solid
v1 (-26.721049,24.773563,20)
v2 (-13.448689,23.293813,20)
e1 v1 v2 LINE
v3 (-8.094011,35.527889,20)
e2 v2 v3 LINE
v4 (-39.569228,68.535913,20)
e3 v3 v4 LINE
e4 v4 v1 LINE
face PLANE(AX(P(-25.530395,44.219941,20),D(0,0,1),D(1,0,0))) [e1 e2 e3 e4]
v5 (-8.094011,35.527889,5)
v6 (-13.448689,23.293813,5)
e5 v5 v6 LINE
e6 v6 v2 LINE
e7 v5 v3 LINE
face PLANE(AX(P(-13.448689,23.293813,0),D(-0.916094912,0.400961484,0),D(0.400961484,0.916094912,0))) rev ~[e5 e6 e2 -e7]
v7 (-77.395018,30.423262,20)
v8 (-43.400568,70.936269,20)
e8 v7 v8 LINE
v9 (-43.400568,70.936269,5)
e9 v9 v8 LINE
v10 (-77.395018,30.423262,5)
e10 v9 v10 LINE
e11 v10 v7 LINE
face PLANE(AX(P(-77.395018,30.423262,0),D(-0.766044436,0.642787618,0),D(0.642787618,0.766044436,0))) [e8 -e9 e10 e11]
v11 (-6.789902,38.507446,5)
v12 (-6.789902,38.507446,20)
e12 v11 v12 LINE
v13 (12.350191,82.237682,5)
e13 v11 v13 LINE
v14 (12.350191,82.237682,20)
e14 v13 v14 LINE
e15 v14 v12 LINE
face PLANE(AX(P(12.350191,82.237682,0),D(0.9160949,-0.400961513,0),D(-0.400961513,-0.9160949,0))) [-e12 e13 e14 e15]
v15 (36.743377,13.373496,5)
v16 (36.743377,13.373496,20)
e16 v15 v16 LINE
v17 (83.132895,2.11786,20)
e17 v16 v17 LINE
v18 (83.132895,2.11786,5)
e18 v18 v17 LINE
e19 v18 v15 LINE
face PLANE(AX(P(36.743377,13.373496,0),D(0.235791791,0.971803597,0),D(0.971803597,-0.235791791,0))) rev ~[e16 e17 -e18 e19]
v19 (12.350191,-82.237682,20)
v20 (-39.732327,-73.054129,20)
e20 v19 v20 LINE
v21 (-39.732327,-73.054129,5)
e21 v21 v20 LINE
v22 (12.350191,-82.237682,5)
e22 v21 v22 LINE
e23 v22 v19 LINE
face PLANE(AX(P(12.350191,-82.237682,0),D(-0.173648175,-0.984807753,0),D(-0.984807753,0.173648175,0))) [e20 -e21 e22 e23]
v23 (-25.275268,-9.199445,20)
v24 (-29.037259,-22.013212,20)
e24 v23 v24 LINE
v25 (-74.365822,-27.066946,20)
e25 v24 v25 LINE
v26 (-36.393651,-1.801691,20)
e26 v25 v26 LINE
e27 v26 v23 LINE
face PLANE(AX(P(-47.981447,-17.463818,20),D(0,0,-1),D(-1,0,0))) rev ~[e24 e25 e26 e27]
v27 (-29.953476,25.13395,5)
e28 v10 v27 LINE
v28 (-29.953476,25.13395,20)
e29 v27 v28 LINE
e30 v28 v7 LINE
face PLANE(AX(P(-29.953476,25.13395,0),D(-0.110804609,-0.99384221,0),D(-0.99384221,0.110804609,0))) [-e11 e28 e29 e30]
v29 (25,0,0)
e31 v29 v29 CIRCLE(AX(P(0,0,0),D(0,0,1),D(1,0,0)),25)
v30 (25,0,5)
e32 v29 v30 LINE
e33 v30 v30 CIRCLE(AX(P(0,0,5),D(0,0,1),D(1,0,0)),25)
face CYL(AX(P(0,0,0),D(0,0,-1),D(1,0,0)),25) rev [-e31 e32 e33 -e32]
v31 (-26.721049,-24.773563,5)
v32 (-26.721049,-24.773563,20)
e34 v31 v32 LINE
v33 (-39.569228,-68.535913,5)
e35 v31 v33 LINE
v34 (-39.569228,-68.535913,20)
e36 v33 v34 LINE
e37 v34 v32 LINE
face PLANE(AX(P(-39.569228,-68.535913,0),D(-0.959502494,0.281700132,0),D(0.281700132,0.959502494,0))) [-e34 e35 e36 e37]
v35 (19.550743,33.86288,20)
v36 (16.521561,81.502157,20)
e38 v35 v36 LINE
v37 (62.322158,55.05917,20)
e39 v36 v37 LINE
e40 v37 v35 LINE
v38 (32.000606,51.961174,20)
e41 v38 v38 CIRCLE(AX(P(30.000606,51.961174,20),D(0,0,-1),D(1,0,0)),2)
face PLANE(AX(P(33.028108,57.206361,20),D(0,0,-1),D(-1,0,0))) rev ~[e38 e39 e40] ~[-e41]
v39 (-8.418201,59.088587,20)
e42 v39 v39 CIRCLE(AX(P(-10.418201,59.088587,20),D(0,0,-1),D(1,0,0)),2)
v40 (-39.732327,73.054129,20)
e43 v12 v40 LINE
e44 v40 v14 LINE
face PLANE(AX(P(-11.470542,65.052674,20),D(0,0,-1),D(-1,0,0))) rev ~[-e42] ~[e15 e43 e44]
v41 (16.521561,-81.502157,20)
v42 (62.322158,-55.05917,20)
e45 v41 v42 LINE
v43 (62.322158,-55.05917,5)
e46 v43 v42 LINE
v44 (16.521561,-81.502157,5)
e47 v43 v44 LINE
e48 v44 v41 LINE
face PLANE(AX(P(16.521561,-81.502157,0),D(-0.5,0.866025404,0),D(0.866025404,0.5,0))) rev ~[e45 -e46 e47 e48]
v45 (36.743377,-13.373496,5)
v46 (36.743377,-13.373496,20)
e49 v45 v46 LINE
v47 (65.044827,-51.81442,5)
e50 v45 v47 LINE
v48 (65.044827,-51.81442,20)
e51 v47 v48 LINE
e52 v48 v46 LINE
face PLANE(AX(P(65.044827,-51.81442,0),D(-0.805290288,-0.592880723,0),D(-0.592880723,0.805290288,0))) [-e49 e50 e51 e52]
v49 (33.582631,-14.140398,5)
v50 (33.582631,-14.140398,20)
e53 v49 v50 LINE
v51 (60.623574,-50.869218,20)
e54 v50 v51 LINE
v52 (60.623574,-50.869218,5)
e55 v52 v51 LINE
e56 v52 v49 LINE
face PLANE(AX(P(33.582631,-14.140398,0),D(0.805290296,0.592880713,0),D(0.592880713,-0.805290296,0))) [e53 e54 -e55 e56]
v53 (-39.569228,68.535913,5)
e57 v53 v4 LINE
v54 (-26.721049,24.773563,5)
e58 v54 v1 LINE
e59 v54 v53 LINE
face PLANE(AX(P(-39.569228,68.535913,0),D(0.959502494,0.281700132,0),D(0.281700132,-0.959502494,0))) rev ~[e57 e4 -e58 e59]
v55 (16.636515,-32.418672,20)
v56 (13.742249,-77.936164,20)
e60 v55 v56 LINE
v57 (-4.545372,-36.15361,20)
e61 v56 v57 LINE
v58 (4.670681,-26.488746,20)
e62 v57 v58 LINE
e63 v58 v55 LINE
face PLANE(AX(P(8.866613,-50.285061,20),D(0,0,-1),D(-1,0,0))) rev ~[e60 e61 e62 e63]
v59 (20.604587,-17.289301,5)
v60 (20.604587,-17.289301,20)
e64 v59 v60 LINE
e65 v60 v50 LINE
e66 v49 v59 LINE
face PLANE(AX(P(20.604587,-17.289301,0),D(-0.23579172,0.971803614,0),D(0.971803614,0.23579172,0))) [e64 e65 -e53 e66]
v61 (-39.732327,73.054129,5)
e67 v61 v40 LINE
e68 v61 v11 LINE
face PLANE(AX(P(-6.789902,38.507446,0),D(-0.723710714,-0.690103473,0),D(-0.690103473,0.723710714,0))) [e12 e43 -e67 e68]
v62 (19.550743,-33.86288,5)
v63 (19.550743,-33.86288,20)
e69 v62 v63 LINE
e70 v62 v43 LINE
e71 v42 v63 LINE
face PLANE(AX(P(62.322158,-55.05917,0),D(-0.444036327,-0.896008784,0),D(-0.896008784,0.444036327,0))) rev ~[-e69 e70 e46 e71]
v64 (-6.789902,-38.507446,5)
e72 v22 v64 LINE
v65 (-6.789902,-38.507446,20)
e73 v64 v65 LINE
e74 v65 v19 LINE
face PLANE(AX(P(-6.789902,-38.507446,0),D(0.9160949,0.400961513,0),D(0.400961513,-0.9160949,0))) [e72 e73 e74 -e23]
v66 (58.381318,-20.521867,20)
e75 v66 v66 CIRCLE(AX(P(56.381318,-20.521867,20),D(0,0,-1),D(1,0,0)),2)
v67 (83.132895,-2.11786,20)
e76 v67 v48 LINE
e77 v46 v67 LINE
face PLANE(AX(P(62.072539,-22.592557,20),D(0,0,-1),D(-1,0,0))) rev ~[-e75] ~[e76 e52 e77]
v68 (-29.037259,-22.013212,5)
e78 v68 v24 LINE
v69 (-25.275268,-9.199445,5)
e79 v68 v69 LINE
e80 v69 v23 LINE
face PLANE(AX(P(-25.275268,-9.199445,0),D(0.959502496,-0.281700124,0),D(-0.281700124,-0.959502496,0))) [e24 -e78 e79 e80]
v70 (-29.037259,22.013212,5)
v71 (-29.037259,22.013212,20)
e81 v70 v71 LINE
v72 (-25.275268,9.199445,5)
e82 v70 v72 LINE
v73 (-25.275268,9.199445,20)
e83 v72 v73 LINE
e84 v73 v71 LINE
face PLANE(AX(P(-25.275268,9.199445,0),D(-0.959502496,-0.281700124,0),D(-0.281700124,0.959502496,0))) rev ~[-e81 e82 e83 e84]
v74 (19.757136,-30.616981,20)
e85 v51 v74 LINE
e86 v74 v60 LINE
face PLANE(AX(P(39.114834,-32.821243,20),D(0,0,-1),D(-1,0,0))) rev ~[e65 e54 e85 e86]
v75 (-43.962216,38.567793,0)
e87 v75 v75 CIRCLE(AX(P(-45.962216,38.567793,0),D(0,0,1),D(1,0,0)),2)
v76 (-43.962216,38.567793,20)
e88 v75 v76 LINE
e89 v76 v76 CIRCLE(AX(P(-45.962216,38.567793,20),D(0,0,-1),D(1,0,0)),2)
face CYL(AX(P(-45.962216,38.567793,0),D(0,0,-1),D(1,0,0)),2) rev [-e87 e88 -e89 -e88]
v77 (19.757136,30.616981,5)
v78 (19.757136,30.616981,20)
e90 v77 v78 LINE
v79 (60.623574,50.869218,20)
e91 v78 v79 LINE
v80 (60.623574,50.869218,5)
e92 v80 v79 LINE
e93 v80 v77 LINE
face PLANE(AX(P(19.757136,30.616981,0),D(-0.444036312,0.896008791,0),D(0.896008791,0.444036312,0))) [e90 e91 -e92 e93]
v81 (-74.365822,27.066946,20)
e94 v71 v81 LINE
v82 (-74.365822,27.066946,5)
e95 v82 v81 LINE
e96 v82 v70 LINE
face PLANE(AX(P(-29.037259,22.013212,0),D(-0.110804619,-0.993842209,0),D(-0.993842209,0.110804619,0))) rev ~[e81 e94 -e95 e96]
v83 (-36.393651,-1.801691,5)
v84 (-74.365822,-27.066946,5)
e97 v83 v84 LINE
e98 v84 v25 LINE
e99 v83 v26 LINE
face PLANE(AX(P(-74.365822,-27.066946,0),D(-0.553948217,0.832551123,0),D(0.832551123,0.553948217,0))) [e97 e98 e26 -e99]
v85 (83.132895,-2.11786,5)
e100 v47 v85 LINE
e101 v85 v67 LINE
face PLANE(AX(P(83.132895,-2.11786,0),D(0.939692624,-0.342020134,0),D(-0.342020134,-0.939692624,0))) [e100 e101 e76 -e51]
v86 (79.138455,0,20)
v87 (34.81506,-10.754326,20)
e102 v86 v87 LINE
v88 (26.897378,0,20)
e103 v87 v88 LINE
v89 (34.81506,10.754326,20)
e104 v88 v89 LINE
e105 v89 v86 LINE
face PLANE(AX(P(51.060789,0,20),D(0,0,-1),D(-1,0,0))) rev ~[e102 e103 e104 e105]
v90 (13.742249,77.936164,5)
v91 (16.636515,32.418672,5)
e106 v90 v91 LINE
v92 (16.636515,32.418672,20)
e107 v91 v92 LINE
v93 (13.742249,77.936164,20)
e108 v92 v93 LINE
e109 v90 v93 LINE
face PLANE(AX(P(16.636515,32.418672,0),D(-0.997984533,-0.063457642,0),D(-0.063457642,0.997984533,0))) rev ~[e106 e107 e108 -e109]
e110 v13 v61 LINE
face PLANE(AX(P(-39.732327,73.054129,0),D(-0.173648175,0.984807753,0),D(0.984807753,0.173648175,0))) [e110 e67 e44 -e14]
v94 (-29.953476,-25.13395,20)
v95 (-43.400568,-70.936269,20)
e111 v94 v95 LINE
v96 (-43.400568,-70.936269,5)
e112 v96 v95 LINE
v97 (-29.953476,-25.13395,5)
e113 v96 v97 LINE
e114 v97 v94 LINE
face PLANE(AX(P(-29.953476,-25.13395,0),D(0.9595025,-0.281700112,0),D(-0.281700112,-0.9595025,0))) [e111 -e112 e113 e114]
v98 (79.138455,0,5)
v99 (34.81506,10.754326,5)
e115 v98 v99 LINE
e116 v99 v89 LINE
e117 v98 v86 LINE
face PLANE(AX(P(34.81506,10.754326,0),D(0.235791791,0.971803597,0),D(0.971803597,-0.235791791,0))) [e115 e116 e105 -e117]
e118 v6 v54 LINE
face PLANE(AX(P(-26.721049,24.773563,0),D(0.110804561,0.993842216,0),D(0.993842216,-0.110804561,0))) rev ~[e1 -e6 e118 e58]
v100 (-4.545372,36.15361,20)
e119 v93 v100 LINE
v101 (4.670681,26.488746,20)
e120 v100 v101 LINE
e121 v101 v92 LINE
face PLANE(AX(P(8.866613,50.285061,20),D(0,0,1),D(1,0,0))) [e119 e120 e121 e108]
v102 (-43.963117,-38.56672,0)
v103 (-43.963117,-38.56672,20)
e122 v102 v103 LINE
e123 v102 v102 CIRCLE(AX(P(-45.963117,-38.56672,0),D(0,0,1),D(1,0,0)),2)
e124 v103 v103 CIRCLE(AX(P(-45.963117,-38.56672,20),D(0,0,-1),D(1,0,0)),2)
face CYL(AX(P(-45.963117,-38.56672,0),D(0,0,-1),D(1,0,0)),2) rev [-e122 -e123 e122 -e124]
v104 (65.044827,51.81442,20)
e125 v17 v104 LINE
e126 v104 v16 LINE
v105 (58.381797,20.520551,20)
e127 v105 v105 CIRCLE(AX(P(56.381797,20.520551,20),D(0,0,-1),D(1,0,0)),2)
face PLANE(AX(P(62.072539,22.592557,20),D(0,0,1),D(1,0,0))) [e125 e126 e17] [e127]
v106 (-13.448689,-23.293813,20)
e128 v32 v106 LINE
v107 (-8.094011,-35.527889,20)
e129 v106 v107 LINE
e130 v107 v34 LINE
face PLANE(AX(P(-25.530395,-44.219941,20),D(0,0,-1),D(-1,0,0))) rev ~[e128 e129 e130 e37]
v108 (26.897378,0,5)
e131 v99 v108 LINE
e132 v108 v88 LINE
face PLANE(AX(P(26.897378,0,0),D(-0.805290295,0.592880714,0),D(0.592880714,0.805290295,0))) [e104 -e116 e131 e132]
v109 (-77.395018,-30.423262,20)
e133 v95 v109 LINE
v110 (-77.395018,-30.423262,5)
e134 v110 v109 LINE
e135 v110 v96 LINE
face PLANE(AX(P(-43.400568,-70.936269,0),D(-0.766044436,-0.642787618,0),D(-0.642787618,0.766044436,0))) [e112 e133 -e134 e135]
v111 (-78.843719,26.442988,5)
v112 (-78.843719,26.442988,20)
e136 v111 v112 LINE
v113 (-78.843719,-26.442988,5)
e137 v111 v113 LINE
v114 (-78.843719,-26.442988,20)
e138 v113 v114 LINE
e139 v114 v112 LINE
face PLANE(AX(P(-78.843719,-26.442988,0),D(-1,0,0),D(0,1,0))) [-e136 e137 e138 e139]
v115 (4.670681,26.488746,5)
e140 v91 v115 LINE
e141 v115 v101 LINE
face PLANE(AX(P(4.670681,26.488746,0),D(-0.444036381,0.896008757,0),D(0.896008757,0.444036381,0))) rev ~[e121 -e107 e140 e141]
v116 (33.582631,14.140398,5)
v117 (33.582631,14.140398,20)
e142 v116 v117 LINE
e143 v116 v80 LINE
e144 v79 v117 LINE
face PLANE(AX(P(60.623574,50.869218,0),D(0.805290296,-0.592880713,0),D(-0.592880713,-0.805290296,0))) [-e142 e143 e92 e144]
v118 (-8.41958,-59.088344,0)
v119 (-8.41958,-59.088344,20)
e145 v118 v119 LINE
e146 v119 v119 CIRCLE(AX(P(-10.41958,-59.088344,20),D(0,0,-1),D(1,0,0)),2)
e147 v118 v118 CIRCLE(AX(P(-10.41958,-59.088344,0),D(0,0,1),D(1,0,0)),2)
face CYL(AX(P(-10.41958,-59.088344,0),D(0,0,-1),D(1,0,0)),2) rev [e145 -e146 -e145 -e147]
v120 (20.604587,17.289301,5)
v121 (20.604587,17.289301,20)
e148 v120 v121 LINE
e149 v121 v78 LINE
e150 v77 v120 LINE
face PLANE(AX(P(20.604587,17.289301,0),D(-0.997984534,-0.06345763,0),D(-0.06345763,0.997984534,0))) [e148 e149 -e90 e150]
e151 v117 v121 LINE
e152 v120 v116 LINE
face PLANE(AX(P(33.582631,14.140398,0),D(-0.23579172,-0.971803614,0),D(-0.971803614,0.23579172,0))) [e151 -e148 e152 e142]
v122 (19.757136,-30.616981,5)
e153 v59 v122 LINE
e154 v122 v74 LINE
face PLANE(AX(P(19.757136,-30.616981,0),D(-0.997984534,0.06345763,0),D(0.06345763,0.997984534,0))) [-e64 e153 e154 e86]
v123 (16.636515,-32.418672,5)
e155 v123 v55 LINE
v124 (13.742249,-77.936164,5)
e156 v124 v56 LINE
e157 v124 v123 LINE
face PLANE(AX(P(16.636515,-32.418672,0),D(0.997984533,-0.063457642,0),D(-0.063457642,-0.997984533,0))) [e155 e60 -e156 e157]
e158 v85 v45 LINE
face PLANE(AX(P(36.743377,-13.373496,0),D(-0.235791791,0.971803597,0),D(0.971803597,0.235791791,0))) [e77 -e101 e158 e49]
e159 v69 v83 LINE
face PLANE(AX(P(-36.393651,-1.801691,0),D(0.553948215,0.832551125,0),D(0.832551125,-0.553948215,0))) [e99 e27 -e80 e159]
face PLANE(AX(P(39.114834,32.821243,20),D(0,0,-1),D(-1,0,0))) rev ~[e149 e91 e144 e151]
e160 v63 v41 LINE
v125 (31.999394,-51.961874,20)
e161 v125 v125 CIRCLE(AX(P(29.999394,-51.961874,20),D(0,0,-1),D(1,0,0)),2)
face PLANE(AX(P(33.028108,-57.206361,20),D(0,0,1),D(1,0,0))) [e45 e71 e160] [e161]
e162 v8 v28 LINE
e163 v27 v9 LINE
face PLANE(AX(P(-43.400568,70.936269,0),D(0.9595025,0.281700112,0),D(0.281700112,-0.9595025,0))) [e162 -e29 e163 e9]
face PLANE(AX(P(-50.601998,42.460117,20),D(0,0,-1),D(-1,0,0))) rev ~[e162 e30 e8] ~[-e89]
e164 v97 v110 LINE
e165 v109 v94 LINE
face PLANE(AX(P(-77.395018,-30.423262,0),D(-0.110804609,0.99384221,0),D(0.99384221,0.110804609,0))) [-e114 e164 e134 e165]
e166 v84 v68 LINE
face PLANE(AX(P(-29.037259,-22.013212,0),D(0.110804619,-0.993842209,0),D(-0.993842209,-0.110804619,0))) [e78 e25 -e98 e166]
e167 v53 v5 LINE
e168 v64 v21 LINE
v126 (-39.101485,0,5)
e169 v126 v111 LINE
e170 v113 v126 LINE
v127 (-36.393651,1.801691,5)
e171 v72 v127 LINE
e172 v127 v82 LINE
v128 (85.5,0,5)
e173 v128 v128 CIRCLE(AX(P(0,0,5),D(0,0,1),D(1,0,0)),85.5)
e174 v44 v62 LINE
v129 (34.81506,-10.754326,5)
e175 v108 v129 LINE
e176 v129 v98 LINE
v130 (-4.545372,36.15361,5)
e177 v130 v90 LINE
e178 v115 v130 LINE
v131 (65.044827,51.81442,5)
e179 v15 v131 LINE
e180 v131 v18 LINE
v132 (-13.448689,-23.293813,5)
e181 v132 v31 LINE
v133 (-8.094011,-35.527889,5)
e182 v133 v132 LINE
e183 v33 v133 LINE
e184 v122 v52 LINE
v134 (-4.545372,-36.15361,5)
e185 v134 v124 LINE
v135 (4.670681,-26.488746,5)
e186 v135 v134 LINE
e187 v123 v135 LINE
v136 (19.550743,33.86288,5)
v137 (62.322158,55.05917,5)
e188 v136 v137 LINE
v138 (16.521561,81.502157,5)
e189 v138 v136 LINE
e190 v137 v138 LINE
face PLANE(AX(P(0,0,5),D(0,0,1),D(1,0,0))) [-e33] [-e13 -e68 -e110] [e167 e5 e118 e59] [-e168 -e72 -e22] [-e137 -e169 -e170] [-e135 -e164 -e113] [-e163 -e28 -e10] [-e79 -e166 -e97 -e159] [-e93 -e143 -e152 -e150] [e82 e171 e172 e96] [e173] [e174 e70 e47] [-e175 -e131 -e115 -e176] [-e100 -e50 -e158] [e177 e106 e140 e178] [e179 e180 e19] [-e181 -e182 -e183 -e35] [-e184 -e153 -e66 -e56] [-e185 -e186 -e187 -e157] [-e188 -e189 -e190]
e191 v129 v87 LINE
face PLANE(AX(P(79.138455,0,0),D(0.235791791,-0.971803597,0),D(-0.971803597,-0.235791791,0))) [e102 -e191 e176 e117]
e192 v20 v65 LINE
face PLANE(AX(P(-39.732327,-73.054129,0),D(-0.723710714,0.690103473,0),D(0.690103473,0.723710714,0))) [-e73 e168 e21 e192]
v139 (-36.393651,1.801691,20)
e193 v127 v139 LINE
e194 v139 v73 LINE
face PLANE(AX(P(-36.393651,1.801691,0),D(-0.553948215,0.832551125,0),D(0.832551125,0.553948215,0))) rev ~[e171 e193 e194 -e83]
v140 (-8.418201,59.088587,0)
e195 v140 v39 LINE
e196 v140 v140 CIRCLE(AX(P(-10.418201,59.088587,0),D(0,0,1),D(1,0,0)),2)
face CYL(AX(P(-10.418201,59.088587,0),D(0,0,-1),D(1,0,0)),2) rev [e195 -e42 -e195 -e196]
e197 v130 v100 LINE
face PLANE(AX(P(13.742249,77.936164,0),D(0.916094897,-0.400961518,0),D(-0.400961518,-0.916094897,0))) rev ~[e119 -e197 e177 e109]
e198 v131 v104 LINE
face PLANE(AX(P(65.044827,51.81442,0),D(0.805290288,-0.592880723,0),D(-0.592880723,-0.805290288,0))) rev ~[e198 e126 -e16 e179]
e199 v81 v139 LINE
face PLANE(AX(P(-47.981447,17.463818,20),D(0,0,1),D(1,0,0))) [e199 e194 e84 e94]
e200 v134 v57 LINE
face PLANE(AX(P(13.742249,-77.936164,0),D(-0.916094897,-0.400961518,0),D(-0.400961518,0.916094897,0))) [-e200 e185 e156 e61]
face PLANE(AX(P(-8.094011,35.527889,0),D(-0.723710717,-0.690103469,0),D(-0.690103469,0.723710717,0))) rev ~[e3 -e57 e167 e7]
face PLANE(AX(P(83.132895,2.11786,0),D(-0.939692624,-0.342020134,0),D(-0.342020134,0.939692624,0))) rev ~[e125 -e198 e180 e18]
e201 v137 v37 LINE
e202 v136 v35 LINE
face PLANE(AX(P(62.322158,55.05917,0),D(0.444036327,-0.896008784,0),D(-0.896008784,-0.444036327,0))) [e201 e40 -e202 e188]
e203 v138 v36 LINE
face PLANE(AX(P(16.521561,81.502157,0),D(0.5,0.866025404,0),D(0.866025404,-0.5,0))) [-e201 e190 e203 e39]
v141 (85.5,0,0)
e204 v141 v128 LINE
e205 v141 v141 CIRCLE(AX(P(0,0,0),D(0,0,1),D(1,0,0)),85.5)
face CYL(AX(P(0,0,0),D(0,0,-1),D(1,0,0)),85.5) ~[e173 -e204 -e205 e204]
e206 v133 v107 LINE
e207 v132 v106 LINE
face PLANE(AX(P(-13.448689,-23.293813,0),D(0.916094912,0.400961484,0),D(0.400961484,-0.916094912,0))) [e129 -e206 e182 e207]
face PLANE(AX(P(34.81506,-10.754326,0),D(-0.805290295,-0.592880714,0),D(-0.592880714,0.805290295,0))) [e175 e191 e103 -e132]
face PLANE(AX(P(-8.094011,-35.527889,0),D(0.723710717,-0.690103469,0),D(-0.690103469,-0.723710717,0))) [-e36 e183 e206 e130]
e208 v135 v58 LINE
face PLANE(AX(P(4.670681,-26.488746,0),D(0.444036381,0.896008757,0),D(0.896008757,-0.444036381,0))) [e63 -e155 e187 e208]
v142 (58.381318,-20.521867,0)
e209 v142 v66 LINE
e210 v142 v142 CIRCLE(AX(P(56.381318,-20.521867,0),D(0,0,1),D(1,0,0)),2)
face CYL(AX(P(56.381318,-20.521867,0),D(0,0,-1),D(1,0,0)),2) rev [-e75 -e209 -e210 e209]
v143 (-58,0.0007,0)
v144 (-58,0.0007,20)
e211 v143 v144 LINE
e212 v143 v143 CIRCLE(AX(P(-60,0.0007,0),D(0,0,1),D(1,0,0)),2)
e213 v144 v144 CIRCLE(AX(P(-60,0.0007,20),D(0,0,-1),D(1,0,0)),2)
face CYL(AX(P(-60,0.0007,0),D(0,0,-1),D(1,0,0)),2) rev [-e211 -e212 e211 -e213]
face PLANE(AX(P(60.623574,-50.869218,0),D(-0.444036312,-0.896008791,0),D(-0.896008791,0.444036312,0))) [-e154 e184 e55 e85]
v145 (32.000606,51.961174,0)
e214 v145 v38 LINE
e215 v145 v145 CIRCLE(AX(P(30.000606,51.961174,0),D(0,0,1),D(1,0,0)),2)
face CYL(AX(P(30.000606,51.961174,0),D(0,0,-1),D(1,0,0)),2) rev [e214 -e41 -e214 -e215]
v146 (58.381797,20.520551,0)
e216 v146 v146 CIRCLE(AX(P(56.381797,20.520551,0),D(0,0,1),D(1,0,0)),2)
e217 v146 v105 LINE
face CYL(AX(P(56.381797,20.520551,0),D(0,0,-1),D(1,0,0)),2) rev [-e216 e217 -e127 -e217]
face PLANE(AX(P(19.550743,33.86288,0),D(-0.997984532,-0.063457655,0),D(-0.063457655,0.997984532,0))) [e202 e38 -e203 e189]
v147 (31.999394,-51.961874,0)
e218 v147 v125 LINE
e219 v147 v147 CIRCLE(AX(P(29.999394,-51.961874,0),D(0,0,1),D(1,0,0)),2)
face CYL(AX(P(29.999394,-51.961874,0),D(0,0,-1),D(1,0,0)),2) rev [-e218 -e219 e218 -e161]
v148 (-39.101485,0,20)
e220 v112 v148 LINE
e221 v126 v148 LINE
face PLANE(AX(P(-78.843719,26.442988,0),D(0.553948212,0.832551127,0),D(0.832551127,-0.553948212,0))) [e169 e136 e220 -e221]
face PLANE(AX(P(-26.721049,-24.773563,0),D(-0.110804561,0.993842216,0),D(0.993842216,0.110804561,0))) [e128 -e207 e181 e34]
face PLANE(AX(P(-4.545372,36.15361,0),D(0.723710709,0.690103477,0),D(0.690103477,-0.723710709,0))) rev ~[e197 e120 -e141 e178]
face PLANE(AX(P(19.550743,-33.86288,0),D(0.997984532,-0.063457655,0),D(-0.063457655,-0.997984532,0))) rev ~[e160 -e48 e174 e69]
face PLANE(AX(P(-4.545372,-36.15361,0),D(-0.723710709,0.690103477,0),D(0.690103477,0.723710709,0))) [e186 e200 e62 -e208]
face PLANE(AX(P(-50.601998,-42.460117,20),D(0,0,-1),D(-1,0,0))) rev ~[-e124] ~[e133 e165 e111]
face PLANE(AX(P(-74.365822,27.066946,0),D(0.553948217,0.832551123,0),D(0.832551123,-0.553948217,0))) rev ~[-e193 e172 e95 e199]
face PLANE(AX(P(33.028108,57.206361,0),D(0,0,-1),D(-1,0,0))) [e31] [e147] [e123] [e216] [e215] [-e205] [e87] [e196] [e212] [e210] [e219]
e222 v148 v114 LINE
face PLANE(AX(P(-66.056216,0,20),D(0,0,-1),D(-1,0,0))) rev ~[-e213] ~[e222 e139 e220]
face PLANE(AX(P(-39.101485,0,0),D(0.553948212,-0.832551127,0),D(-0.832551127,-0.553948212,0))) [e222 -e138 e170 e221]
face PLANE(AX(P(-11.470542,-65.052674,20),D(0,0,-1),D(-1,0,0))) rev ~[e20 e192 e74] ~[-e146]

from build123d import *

# Parameters (mm, degrees)
SKETCH002_R   = 85.5
SKETCH002_R_2 = 25
PAD_DEPTH     = 5
PAD001_DEPTH  = 20
SKETCH001_R   = 2
POCKET_DEPTH  = 20.001


with BuildPart() as part:
    # Sketch002 → Pad (new body)
    with BuildSketch(Plane.XY):
        Circle(SKETCH002_R)
        Circle(SKETCH002_R_2, mode=Mode.SUBTRACT)
    extrude(amount=PAD_DEPTH)

    # Sketch → Pad001 (join)
    with BuildSketch(Plane.XY):
        Polygon((16.521561, 81.502157), (62.322158, 55.05917), (19.550743, 33.86288), align=None)
        Polygon((-39.732327, 73.054129), (12.350191, 82.237682), (-6.789902, 38.507446), align=None)
        Polygon((13.742249, 77.936164), (-4.545372, 36.15361), (4.670681, 26.488746), (16.636515, 32.418672), align=None)
        Polygon((19.757136, 30.616981), (60.623574, 50.869218), (33.582631, 14.140398), (20.604587, 17.289301), align=None)
        Polygon((65.044827, 51.81442), (36.743377, 13.373496), (83.132895, 2.11786), align=None)
        Polygon((34.81506, 10.754326), (79.138455, 0), (34.81506, -10.754326), (26.897378, 0), align=None)
        Polygon((36.743377, -13.373496), (83.132895, -2.11786), (65.044827, -51.81442), align=None)
        Polygon((20.604587, -17.289301), (33.582631, -14.140398), (60.623574, -50.869218), (19.757136, -30.616981), align=None)
        Polygon((19.550743, -33.86288), (16.521561, -81.502157), (62.322158, -55.05917), align=None)
        Polygon((4.670681, -26.488746), (16.636515, -32.418672), (13.742249, -77.936164), (-4.545372, -36.15361), align=None)
        Polygon((-6.789902, -38.507446), (12.350191, -82.237682), (-39.732327, -73.054129), align=None)
        Polygon((-26.721049, -24.773563), (-13.448689, -23.293813), (-8.094011, -35.527889), (-39.569228, -68.535913), align=None)
        Polygon((-29.953476, -25.13395), (-43.400568, -70.936269), (-77.395018, -30.423262), align=None)
        Polygon((-74.365822, -27.066946), (-36.393651, -1.801691), (-25.275268, -9.199445), (-29.037259, -22.013212), align=None)
        Polygon((-39.101485, 0), (-78.843719, -26.442988), (-78.843719, 26.442988), align=None)
        Polygon((-74.365822, 27.066946), (-36.393651, 1.801691), (-25.275268, 9.199445), (-29.037259, 22.013212), align=None)
        Polygon((-77.395018, 30.423262), (-43.400568, 70.936269), (-29.953476, 25.13395), align=None)
        Polygon((-39.569228, 68.535913), (-26.721049, 24.773563), (-13.448689, 23.293813), (-8.094011, 35.527889), align=None)
    extrude(amount=PAD001_DEPTH)

    # Sketch001 → Pocket (cut, through all)
    with BuildSketch(Plane.XY):
        with Locations((-10.418201, 59.088587)):
            Circle(SKETCH001_R)
        with Locations((30.000606, 51.961174)):
            Circle(SKETCH001_R)
        with Locations((-45.962216, 38.567793)):
            Circle(SKETCH001_R)
        with Locations((-60, 0.0007)):
            Circle(SKETCH001_R)
        with Locations((-45.963117, -38.56672)):
            Circle(SKETCH001_R)
        with Locations((-10.41958, -59.088344)):
            Circle(SKETCH001_R)
        with Locations((29.999394, -51.961874)):
            Circle(SKETCH001_R)
        with Locations((56.381318, -20.521867)):
            Circle(SKETCH001_R)
        with Locations((56.381797, 20.520551)):
            Circle(SKETCH001_R)
    extrude(amount=POCKET_DEPTH, mode=Mode.SUBTRACT)


solid = part.part
